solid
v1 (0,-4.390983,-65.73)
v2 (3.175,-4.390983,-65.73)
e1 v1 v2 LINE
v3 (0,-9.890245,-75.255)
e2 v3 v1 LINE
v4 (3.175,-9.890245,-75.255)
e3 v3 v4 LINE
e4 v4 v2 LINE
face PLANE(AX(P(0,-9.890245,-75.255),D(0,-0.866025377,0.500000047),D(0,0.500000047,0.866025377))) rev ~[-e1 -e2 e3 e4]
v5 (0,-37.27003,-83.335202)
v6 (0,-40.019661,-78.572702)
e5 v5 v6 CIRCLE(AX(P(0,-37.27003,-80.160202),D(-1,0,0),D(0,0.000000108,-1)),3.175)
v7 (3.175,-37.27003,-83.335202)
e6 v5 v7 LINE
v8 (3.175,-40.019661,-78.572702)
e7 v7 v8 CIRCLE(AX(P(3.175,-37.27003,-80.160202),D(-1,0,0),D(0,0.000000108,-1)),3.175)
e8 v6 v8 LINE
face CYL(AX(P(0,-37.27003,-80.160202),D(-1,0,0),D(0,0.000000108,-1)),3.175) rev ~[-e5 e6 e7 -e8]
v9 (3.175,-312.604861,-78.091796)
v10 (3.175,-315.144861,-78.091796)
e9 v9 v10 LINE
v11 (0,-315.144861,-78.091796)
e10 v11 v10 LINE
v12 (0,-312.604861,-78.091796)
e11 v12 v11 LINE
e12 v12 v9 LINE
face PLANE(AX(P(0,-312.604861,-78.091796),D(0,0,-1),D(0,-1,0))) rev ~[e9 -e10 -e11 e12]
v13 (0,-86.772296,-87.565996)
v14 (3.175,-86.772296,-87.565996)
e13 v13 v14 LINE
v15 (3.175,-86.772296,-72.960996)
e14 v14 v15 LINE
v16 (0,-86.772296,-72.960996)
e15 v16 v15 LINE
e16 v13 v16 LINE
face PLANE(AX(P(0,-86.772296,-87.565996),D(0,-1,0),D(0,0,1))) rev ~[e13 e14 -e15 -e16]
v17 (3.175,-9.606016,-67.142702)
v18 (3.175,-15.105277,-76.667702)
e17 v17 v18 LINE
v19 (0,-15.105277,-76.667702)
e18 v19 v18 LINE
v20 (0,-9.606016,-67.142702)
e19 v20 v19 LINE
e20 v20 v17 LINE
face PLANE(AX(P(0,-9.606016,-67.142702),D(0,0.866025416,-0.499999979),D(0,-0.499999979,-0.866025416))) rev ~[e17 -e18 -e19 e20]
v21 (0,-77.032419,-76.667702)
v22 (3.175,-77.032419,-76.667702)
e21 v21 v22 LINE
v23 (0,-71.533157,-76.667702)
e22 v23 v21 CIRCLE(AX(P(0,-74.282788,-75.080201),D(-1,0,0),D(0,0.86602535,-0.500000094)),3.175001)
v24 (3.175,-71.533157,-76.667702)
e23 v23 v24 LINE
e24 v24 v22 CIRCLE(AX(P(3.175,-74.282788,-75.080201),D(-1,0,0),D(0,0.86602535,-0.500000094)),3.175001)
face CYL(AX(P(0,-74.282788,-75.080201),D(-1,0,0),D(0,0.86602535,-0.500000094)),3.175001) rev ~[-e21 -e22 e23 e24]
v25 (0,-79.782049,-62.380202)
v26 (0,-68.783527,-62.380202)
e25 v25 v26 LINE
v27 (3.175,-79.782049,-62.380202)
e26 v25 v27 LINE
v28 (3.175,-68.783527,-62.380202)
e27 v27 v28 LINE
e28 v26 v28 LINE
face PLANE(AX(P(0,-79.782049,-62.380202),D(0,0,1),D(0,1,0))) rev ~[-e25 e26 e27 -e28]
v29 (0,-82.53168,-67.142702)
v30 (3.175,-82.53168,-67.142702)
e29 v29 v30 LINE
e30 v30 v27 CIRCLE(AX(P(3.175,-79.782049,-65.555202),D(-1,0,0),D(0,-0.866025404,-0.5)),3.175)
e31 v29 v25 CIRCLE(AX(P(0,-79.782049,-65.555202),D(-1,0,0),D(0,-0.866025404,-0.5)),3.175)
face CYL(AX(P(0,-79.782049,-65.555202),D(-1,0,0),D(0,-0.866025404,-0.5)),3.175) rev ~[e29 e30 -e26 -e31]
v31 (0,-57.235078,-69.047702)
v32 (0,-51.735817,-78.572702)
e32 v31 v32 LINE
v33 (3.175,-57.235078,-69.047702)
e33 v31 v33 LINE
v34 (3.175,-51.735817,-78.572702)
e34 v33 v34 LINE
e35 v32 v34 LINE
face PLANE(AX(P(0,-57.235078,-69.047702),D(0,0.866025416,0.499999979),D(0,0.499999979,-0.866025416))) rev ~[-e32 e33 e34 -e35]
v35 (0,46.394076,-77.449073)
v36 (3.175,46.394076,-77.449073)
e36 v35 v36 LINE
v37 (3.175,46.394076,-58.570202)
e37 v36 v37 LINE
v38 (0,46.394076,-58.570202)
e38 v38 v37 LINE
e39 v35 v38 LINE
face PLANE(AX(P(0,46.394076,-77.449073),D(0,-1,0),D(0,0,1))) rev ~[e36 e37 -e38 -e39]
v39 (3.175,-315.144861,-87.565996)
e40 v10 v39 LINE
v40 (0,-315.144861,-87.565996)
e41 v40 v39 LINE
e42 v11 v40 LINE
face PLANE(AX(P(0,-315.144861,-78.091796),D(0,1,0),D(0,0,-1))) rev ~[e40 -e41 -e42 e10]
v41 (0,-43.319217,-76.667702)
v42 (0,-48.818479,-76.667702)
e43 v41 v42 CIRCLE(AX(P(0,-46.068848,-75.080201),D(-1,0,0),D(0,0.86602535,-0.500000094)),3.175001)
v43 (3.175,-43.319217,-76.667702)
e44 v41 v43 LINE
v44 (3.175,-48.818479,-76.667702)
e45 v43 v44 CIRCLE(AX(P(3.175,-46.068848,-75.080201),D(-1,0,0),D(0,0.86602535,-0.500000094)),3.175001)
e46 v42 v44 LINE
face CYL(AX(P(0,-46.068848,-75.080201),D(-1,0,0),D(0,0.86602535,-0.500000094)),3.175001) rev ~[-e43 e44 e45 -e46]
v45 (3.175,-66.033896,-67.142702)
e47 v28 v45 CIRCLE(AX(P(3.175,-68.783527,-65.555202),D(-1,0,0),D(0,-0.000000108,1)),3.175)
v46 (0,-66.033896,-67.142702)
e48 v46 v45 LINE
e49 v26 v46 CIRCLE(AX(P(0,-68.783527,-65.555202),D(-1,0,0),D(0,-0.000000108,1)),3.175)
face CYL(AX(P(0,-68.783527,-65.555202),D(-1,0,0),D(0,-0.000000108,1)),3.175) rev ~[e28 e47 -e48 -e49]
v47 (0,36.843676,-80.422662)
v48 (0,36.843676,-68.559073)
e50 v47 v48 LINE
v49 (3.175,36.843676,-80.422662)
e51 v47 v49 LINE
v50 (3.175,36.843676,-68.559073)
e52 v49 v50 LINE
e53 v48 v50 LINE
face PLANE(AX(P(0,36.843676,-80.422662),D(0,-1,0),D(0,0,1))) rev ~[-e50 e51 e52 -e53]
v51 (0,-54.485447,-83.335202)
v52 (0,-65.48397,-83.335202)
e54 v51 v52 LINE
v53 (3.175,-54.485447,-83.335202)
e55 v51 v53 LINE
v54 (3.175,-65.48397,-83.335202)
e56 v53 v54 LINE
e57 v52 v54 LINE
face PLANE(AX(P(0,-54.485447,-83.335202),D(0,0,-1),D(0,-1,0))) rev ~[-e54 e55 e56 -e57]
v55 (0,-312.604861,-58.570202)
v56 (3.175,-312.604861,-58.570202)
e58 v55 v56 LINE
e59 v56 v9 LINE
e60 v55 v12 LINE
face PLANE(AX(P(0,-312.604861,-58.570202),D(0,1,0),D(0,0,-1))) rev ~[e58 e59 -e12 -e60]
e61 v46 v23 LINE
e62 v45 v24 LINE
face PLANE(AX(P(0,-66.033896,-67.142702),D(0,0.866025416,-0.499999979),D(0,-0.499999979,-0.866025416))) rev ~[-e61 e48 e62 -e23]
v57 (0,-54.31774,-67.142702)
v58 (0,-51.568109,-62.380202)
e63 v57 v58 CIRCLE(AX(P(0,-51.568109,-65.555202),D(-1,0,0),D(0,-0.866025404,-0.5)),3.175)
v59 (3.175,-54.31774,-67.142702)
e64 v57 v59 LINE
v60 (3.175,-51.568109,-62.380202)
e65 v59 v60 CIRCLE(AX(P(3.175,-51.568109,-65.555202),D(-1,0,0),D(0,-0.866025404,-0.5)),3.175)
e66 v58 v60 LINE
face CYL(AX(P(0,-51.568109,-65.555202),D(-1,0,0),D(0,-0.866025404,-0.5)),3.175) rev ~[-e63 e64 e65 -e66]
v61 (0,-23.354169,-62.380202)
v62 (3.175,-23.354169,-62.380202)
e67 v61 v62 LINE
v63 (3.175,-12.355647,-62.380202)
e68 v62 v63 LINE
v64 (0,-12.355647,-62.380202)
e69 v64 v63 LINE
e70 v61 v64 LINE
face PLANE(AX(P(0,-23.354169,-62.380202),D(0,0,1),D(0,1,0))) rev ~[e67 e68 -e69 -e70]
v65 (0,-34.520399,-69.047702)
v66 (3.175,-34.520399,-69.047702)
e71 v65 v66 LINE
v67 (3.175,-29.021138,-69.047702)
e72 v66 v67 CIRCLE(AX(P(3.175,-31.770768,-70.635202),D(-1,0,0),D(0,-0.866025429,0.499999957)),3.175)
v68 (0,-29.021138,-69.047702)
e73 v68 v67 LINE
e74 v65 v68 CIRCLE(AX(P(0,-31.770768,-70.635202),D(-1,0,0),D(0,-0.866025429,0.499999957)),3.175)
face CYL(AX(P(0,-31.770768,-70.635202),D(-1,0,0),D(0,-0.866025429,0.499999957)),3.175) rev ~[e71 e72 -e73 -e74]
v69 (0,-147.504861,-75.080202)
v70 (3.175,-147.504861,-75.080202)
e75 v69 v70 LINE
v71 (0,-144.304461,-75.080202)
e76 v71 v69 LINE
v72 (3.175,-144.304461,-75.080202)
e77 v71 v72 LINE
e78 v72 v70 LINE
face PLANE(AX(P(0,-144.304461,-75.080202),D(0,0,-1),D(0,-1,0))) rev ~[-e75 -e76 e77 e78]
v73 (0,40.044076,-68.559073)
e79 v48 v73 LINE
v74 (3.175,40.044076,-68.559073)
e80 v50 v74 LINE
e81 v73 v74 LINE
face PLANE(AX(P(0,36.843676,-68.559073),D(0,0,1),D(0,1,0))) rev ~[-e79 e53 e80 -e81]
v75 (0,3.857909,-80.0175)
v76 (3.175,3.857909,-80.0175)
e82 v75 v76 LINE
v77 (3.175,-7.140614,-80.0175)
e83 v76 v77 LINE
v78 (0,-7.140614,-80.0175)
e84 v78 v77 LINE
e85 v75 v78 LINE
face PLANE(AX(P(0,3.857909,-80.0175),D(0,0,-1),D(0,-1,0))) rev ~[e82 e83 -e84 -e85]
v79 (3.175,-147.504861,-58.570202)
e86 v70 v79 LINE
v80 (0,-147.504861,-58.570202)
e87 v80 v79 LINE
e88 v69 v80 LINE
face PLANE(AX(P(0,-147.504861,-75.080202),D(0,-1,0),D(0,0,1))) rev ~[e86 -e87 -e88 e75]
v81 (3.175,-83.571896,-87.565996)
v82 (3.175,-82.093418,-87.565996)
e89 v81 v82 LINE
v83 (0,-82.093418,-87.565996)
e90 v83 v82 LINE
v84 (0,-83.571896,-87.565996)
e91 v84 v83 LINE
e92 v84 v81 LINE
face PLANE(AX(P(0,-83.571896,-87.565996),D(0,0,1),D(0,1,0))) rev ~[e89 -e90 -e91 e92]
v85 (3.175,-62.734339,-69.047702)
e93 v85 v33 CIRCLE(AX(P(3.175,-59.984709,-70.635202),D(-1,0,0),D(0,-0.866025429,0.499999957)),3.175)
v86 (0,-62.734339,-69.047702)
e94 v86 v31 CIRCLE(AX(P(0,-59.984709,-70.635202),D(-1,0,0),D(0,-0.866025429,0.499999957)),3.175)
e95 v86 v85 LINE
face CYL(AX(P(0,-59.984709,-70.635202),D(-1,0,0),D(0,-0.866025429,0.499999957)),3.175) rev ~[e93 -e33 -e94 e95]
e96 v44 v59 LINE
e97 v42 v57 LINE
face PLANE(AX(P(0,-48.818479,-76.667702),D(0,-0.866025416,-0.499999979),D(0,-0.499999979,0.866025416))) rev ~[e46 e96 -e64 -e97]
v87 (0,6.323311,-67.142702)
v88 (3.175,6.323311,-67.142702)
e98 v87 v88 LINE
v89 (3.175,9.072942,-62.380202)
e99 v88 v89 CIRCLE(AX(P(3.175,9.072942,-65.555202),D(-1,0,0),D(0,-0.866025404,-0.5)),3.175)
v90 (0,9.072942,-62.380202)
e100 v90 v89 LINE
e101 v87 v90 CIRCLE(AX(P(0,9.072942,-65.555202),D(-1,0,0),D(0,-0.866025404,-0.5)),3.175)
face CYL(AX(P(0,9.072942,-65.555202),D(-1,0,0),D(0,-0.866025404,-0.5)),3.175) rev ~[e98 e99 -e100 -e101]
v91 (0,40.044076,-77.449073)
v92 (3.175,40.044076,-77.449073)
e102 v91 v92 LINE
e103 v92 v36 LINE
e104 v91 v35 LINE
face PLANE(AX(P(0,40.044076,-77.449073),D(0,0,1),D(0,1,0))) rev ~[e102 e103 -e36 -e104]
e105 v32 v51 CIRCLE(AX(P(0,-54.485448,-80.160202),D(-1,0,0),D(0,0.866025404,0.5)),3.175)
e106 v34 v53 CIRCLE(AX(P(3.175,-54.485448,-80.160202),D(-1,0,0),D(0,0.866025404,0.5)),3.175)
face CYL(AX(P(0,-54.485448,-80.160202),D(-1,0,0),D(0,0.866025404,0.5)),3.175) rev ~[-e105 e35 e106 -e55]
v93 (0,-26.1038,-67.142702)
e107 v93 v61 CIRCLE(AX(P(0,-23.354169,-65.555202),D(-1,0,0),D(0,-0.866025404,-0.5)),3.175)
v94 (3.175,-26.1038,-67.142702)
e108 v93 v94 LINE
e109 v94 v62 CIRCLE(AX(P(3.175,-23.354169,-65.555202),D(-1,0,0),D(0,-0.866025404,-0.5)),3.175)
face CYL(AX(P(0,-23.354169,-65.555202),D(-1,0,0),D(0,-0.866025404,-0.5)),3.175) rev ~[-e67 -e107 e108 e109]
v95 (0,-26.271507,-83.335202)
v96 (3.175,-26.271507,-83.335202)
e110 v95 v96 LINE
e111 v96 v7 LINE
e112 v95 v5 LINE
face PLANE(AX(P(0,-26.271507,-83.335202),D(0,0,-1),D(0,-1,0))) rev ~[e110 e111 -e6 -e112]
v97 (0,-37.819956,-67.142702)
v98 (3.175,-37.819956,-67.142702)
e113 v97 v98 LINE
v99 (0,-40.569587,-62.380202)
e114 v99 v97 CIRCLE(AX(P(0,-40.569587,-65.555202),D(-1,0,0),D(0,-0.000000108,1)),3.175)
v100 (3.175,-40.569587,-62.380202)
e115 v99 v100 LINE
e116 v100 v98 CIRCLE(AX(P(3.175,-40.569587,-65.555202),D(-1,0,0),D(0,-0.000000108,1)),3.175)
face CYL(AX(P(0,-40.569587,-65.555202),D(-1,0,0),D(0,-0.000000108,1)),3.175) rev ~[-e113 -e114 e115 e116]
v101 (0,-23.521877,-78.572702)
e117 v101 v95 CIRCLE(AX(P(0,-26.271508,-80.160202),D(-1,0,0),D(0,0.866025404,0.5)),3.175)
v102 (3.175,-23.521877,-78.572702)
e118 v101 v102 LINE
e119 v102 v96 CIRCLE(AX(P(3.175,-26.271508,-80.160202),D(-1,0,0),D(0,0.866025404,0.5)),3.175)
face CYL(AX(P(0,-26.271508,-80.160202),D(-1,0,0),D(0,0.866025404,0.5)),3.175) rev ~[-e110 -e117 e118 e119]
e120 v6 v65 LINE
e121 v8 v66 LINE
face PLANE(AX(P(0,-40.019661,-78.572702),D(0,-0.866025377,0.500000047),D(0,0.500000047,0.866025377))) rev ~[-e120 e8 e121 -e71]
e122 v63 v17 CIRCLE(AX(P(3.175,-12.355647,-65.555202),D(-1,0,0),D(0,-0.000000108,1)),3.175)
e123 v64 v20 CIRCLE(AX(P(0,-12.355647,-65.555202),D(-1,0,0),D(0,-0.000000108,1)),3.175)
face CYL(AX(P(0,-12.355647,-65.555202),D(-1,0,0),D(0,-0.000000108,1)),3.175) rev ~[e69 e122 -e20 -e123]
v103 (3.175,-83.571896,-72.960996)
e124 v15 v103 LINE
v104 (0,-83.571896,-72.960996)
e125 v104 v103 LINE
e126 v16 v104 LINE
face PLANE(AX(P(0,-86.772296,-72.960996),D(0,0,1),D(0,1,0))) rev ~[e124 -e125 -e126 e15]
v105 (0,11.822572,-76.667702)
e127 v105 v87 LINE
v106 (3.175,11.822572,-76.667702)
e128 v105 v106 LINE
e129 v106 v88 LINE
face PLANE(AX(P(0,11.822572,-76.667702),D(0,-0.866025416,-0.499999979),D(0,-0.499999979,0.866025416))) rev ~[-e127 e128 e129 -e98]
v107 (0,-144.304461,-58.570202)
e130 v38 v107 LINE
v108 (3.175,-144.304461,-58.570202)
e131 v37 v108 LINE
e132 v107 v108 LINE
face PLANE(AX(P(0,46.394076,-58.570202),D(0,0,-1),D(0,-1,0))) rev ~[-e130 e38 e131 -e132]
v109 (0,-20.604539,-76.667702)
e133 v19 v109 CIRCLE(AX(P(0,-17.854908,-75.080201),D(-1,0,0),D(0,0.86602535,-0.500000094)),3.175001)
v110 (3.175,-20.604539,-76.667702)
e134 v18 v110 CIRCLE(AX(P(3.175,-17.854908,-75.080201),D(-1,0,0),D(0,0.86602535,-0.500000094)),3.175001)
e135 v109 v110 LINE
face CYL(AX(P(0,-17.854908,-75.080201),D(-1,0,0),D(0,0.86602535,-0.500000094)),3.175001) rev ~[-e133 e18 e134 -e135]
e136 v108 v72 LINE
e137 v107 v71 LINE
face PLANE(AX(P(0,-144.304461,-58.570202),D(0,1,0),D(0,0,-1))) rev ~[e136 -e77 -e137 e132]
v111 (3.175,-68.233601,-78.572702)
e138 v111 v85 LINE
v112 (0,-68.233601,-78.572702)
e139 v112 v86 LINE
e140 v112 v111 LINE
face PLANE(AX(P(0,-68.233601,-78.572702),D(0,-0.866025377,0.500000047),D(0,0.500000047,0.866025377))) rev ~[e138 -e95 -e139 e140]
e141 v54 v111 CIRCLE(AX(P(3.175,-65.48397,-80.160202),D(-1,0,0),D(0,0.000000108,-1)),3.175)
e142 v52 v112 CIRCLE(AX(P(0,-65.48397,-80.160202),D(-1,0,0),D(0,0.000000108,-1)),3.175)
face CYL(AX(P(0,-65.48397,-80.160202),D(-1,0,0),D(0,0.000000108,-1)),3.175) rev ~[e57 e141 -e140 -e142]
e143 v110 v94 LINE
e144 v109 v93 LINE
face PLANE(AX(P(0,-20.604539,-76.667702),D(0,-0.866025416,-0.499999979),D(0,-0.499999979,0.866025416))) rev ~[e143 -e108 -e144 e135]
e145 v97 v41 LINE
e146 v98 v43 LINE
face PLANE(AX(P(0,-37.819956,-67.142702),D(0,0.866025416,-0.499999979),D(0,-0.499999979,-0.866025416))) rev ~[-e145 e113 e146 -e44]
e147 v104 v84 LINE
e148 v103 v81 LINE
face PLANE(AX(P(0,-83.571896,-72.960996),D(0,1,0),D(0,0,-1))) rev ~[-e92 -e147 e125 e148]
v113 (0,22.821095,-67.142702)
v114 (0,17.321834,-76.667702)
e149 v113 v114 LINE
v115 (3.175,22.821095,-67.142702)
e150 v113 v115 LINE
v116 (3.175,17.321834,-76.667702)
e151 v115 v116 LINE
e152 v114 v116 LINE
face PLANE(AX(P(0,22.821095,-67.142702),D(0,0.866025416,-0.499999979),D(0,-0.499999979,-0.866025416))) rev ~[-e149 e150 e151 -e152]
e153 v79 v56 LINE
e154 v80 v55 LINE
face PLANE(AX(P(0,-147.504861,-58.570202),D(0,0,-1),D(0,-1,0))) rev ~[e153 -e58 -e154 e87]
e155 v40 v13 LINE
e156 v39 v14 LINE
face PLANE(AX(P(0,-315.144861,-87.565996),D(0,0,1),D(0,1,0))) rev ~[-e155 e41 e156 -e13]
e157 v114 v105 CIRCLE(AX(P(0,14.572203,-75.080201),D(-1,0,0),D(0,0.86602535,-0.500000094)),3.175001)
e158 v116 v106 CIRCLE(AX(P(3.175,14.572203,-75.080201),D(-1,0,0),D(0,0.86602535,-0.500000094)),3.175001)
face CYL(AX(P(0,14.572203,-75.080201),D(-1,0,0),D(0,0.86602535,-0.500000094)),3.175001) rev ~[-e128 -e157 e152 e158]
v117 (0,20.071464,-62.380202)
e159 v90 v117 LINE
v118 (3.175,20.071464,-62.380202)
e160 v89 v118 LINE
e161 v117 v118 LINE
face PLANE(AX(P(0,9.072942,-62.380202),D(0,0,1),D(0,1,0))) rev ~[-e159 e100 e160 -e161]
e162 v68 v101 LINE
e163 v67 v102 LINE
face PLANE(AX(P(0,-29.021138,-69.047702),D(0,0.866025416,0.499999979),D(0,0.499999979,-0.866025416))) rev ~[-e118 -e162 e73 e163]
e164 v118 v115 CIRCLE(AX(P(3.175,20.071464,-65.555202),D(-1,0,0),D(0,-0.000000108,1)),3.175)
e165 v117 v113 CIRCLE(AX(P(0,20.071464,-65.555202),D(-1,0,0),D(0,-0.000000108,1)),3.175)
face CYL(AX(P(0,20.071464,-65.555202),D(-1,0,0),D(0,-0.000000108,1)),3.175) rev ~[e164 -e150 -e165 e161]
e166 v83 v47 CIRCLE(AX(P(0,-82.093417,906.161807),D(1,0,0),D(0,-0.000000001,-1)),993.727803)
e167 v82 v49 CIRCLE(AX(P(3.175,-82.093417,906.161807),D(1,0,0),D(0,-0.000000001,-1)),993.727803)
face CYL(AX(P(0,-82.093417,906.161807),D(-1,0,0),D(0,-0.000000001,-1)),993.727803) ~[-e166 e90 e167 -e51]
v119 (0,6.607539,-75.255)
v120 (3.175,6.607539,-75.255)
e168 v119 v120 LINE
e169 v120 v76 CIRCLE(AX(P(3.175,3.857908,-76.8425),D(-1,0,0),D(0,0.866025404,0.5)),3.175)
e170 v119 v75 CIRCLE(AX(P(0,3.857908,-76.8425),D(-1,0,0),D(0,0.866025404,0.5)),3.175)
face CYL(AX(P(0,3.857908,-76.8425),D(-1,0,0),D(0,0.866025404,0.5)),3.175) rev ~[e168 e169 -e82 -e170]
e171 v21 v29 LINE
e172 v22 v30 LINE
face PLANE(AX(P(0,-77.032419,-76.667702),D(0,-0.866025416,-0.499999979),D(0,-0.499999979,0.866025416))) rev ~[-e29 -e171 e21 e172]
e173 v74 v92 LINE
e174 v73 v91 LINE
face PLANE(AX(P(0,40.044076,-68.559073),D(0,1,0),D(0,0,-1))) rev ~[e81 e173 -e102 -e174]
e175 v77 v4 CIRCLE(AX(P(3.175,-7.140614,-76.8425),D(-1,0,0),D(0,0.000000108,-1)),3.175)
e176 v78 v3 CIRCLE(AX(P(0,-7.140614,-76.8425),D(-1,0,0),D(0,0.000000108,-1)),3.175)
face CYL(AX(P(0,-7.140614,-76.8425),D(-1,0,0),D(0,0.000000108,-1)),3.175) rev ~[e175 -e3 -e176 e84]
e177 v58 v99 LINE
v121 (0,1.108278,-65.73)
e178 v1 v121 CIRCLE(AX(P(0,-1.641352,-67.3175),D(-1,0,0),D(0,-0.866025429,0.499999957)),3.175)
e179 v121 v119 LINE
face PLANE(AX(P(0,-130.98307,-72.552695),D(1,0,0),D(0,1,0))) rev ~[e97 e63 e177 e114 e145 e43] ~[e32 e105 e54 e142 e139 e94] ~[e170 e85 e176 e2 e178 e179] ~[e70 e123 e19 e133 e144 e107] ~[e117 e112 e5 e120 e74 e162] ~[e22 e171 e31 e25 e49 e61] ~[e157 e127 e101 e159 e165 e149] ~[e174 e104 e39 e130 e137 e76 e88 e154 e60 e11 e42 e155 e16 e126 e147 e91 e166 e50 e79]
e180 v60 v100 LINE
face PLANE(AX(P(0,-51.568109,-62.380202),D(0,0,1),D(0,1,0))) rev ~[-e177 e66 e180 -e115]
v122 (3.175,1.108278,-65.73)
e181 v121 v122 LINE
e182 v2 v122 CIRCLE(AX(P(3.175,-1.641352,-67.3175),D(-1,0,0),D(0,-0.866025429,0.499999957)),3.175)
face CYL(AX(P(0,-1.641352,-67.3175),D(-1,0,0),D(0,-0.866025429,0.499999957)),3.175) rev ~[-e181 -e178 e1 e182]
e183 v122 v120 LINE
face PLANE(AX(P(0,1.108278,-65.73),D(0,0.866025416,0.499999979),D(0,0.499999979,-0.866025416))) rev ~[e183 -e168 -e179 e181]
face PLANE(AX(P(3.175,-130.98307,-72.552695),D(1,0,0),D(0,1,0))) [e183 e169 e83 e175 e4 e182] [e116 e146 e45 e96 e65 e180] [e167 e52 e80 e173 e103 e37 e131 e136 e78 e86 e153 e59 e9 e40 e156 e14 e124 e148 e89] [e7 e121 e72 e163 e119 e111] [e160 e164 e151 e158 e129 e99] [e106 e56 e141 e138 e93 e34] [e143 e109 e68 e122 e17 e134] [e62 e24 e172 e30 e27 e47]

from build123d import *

# Parameters (mm, degrees)
F1_DEPTH = 3.175


with BuildPart() as f1:
    # F0 (on Right) → F1 (new body)
    with BuildSketch(Plane.YZ):
        with BuildLine():
            Line((46.394076, -58.570202), (-144.304461, -58.570202))
            Line((-144.304461, -58.570202), (-144.304461, -75.080202))
            Line((-144.304461, -75.080202), (-147.504861, -75.080202))
            Line((-147.504861, -75.080202), (-147.504861, -58.570202))
            Line((-147.504861, -58.570202), (-312.604861, -58.570202))
            Line((-312.604861, -58.570202), (-312.604861, -78.091796))
            Line((-312.604861, -78.091796), (-315.144861, -78.091796))
            Line((-315.144861, -78.091796), (-315.144861, -87.565996))
            Line((-315.144861, -87.565996), (-86.772296, -87.565996))
            Line((-86.772296, -87.565996), (-86.772296, -72.960996))
            Line((-86.772296, -72.960996), (-83.571896, -72.960996))
            Line((-83.571896, -72.960996), (-83.571896, -87.565996))
            Line((-83.571896, -87.565996), (-82.093418, -87.565996))
            ThreePointArc((-82.093418, -87.565996), (-22.517711, -85.778555), (36.843676, -80.422662))
            Line((36.843676, -80.422662), (36.843676, -68.559073))
            Line((36.843676, -68.559073), (40.044076, -68.559073))
            Line((40.044076, -68.559073), (40.044076, -77.449073))
            Line((40.044076, -77.449073), (46.394076, -77.449073))
            Line((46.394076, -77.449073), (46.394076, -58.570202))
        make_face()
        with BuildLine():
            Line((-54.485447, -83.335202), (-65.48397, -83.335202))
            ThreePointArc((-65.48397, -83.335202), (-68.233601, -81.747702), (-68.233601, -78.572702))
            Line((-68.233601, -78.572702), (-62.734339, -69.047702))
            ThreePointArc((-62.734339, -69.047702), (-59.984709, -67.460202), (-57.235078, -69.047702))
            Line((-57.235078, -69.047702), (-51.735817, -78.572702))
            ThreePointArc((-51.735817, -78.572702), (-51.735817, -81.747702), (-54.485447, -83.335202))
        make_face(mode=Mode.SUBTRACT)
        with BuildLine():
            Line((-40.019661, -78.572702), (-34.520399, -69.047702))
            ThreePointArc((-34.520399, -69.047702), (-31.770769, -67.460202), (-29.021138, -69.047702))
            Line((-29.021138, -69.047702), (-23.521877, -78.572702))
            ThreePointArc((-23.521877, -78.572702), (-23.521877, -81.747702), (-26.271507, -83.335202))
            Line((-26.271507, -83.335202), (-37.27003, -83.335202))
            ThreePointArc((-37.27003, -83.335202), (-40.019661, -81.747702), (-40.019661, -78.572702))
        make_face(mode=Mode.SUBTRACT)
        with BuildLine():
            ThreePointArc((-68.783527, -62.380202), (-66.033896, -63.967702), (-66.033896, -67.142702))
            Line((-66.033896, -67.142702), (-71.533157, -76.667702))
            ThreePointArc((-71.533157, -76.667702), (-74.282788, -78.255202), (-77.032419, -76.667702))
            Line((-77.032419, -76.667702), (-82.53168, -67.142702))
            ThreePointArc((-82.53168, -67.142702), (-82.53168, -63.967702), (-79.782049, -62.380202))
            Line((-79.782049, -62.380202), (-68.783527, -62.380202))
        make_face(mode=Mode.SUBTRACT)
        with BuildLine():
            ThreePointArc((-54.31774, -67.142702), (-54.31774, -63.967702), (-51.568109, -62.380202))
            Line((-51.568109, -62.380202), (-40.569587, -62.380202))
            ThreePointArc((-40.569587, -62.380202), (-37.819956, -63.967702), (-37.819956, -67.142702))
            Line((-37.819956, -67.142702), (-43.319217, -76.667702))
            ThreePointArc((-43.319217, -76.667702), (-46.068848, -78.255202), (-48.818479, -76.667702))
            Line((-48.818479, -76.667702), (-54.31774, -67.142702))
        make_face(mode=Mode.SUBTRACT)
        with BuildLine():
            ThreePointArc((6.607539, -75.255), (6.607539, -78.43), (3.857909, -80.0175))
            Line((3.857909, -80.0175), (-7.140614, -80.0175))
            ThreePointArc((-7.140614, -80.0175), (-9.890245, -78.43), (-9.890245, -75.255))
            Line((-9.890245, -75.255), (-4.390983, -65.73))
            ThreePointArc((-4.390983, -65.73), (-1.641353, -64.1425), (1.108278, -65.73))
            Line((1.108278, -65.73), (6.607539, -75.255))
        make_face(mode=Mode.SUBTRACT)
        with BuildLine():
            ThreePointArc((-26.1038, -67.142702), (-26.1038, -63.967702), (-23.354169, -62.380202))
            Line((-23.354169, -62.380202), (-12.355647, -62.380202))
            ThreePointArc((-12.355647, -62.380202), (-9.606016, -63.967702), (-9.606016, -67.142702))
            Line((-9.606016, -67.142702), (-15.105277, -76.667702))
            ThreePointArc((-15.105277, -76.667702), (-17.854908, -78.255202), (-20.604539, -76.667702))
            Line((-20.604539, -76.667702), (-26.1038, -67.142702))
        make_face(mode=Mode.SUBTRACT)
        with BuildLine():
            ThreePointArc((6.323311, -67.142702), (6.323311, -63.967702), (9.072942, -62.380202))
            Line((9.072942, -62.380202), (20.071464, -62.380202))
            ThreePointArc((20.071464, -62.380202), (22.821095, -63.967702), (22.821095, -67.142702))
            Line((22.821095, -67.142702), (17.321834, -76.667702))
            ThreePointArc((17.321834, -76.667702), (14.572203, -78.255202), (11.822572, -76.667702))
            Line((11.822572, -76.667702), (6.323311, -67.142702))
        make_face(mode=Mode.SUBTRACT)
    extrude(amount=F1_DEPTH)


solid = f1.part
